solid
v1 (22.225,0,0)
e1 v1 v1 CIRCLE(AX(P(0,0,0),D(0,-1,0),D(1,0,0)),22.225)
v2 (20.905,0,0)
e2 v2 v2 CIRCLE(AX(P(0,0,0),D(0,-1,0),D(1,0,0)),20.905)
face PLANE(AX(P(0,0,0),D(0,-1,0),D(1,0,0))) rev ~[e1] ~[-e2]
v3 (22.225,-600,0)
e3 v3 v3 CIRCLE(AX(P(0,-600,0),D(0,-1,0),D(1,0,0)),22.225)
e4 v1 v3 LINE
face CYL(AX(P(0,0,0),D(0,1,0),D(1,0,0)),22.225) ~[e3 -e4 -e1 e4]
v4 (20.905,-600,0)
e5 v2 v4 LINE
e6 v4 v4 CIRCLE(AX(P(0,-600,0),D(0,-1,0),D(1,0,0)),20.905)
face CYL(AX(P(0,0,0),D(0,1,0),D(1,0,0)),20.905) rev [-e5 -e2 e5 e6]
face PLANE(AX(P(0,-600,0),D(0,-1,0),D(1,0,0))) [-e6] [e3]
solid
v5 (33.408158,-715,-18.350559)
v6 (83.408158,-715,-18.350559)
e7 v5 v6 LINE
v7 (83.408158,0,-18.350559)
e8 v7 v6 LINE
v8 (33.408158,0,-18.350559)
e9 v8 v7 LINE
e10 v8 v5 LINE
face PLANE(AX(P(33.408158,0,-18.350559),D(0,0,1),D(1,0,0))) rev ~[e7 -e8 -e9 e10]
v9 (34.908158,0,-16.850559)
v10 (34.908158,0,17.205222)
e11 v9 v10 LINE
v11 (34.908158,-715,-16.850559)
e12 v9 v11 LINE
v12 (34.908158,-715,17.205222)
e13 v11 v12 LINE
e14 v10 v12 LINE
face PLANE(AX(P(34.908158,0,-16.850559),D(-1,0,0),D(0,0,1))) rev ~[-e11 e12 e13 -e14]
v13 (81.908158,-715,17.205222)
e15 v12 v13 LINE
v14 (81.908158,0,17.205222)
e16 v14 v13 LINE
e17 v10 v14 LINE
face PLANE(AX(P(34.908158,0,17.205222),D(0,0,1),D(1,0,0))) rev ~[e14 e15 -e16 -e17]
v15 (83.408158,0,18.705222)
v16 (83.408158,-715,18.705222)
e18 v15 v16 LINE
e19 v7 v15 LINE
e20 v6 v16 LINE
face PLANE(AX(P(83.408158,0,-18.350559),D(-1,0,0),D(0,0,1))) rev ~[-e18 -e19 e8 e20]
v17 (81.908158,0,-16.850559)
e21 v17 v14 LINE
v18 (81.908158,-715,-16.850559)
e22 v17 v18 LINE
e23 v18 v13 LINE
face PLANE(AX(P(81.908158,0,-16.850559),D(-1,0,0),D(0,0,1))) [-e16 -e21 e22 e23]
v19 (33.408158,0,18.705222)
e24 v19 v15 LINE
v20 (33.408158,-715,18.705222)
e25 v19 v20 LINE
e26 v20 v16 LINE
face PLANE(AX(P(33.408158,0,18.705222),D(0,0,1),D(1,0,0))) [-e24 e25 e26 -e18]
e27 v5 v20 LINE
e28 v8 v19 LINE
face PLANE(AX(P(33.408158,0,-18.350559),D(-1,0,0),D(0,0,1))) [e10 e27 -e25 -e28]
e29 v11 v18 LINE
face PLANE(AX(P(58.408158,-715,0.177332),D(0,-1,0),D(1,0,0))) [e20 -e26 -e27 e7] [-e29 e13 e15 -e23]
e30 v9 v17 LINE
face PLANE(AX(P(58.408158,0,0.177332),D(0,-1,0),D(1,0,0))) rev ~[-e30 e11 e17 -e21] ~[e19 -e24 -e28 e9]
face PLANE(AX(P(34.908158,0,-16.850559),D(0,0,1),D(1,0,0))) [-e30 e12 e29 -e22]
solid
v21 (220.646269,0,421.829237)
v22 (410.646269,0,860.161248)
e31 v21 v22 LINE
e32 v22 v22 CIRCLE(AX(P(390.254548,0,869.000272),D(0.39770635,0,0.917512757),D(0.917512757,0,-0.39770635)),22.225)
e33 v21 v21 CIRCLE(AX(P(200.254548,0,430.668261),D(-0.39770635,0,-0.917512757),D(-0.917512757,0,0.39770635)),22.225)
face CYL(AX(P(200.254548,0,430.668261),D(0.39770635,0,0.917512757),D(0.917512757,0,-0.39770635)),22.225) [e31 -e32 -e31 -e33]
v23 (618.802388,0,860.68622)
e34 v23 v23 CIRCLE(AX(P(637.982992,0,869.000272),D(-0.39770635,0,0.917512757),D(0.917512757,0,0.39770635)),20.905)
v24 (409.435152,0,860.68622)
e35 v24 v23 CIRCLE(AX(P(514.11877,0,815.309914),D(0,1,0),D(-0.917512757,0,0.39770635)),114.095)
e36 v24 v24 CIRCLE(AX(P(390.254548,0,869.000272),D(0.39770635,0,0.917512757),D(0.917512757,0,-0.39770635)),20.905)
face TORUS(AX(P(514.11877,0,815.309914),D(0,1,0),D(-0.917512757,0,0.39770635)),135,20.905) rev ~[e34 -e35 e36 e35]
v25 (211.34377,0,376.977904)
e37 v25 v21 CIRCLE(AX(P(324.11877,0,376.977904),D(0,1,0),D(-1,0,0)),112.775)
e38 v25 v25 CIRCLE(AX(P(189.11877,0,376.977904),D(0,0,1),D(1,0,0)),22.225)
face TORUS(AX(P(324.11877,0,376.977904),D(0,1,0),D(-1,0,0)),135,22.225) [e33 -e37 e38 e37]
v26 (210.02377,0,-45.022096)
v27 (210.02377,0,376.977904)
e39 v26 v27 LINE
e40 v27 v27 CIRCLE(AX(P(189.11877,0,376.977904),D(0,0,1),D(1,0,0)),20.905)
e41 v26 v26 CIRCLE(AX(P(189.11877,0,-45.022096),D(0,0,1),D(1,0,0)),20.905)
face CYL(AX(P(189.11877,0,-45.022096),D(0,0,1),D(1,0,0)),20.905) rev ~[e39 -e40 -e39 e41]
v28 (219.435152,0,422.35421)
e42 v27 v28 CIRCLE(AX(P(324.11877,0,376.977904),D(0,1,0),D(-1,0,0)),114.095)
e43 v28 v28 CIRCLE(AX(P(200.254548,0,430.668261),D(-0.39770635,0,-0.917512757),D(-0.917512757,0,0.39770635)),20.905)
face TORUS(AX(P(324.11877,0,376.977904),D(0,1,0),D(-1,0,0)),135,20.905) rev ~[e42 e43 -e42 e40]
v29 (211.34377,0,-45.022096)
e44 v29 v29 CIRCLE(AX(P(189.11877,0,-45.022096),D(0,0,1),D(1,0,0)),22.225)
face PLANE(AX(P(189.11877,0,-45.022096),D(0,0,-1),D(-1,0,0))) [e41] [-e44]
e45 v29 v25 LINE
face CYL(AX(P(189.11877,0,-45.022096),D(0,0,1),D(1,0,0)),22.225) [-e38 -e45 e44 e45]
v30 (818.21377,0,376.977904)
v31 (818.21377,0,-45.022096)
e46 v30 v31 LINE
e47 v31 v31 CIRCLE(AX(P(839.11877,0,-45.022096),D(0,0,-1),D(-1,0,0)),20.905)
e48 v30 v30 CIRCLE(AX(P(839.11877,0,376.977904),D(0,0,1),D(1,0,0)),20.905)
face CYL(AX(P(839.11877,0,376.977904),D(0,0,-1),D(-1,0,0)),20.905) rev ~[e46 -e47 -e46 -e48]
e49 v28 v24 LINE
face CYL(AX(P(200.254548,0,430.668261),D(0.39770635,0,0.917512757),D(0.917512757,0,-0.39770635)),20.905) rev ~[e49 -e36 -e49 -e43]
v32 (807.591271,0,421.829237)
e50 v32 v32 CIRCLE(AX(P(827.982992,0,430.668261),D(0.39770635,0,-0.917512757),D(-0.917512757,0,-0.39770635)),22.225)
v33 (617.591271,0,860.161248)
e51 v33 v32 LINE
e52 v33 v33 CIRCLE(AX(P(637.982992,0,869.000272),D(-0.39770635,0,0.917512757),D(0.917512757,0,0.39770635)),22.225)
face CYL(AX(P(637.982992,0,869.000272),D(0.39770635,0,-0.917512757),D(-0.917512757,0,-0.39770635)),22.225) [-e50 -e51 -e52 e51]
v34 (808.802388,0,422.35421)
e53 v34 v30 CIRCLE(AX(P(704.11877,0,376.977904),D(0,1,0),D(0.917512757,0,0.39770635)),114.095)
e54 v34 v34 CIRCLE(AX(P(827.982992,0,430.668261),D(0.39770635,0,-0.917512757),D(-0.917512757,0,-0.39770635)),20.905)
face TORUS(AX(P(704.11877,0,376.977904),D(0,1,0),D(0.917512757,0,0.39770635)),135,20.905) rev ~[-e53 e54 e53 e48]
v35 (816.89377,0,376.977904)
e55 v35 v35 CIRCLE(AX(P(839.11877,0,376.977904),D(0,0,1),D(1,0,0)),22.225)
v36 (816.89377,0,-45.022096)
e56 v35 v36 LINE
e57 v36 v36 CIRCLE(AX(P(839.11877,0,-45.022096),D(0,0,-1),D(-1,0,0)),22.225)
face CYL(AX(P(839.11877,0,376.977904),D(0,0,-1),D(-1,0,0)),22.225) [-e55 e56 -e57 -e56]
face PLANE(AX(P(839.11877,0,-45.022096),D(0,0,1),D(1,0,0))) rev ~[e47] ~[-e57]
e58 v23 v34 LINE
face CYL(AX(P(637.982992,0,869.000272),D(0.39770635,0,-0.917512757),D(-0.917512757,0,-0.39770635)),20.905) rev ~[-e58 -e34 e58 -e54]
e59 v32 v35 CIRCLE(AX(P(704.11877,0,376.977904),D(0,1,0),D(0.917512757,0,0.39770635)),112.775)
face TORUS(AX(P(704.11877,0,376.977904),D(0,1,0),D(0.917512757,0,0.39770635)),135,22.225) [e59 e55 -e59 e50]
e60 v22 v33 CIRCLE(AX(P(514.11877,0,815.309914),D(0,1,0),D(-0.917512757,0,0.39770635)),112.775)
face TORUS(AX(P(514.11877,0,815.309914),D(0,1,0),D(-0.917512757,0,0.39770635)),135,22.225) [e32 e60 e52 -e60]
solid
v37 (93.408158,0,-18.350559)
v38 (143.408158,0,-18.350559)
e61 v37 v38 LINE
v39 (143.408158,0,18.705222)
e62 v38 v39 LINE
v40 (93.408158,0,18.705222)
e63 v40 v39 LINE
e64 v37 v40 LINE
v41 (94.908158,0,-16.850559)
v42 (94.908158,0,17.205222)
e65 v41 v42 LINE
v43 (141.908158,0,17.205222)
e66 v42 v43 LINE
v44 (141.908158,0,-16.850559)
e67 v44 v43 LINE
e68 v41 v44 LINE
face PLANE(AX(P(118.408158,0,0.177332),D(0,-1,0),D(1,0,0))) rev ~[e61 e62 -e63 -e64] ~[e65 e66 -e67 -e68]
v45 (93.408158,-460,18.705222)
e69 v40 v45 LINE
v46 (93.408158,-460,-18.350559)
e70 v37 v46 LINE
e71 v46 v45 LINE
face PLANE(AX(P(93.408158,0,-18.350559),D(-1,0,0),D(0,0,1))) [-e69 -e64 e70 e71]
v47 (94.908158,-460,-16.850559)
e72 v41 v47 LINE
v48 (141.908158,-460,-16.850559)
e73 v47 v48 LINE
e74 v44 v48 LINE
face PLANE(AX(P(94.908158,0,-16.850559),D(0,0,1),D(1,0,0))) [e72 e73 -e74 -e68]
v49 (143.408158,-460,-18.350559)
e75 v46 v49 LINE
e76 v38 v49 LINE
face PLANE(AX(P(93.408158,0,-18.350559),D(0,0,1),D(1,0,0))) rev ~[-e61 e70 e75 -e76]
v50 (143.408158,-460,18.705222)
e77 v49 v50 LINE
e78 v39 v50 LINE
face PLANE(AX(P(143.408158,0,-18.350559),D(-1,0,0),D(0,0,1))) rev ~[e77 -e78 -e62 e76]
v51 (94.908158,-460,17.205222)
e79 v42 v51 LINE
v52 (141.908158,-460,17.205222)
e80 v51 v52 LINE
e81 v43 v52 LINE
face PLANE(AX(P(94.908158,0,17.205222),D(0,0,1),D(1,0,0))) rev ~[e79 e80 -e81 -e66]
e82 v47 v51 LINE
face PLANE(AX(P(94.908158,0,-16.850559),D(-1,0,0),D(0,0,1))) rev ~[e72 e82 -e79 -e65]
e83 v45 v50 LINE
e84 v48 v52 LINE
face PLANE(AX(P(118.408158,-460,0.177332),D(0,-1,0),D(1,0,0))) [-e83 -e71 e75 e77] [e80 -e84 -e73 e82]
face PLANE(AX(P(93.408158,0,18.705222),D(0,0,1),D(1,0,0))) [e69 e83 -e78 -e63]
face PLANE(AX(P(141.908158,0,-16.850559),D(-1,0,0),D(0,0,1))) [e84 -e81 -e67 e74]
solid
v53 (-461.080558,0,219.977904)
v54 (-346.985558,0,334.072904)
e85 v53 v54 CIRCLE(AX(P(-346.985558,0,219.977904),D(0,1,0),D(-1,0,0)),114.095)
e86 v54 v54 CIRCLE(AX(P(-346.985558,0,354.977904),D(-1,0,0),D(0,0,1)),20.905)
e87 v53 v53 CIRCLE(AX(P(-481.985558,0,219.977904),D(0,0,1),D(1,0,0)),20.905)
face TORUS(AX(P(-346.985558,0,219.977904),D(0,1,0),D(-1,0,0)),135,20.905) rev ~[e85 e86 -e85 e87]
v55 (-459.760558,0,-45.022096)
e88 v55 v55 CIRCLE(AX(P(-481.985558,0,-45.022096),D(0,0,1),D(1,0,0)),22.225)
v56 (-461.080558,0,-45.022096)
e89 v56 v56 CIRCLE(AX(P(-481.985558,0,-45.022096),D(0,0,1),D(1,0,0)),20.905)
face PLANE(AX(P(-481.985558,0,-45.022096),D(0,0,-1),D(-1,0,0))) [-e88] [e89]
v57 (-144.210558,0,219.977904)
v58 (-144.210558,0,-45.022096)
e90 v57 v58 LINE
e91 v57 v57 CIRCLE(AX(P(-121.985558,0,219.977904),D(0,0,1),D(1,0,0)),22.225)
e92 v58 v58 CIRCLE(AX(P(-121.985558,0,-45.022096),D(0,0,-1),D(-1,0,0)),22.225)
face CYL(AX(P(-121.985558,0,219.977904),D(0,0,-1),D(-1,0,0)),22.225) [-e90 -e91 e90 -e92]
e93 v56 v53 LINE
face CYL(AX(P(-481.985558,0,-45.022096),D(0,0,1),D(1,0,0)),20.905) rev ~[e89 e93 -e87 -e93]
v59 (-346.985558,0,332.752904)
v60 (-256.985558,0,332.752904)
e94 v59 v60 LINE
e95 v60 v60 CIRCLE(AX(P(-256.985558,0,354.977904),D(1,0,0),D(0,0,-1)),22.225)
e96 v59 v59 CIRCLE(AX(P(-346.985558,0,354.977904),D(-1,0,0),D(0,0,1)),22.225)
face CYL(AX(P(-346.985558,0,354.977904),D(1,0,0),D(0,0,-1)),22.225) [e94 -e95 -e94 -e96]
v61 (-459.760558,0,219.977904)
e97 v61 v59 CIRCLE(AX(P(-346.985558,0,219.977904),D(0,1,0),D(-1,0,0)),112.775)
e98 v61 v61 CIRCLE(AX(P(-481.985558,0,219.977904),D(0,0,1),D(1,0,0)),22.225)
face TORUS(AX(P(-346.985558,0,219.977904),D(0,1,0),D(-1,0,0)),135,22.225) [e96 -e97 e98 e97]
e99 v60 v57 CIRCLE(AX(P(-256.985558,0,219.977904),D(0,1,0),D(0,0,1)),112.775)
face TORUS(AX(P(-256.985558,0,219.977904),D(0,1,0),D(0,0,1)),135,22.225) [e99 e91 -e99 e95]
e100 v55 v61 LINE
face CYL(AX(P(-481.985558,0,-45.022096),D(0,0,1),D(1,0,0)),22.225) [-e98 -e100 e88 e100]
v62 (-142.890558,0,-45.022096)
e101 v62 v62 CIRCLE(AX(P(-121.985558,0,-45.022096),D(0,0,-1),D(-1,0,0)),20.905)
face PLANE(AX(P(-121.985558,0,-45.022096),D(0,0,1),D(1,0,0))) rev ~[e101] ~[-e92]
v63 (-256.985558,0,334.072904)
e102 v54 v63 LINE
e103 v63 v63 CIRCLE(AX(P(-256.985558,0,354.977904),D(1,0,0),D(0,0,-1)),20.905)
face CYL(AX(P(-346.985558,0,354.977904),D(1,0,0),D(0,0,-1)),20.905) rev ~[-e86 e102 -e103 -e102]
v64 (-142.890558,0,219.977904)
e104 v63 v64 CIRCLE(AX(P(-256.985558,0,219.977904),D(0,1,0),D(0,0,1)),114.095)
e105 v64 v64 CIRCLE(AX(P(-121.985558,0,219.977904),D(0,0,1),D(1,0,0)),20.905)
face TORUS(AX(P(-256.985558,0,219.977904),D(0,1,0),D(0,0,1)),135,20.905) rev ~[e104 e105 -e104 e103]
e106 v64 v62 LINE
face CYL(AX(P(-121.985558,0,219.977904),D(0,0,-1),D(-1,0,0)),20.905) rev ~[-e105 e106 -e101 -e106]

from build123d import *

# Parameters (mm, degrees)
F0_R     = 22.225
F0_R_2   = 20.905
F1_DEPTH = 600
F0_W     = 50
F0_H     = 37.0557815768
F0_W_2   = 47
F0_H_2   = 34.0557815768
F2_DEPTH = 715
F3_DEPTH = 460
F5_R     = 22.225
F5_R_2   = 20.905


with BuildPart() as f1:
    # F0 (on Front) → F1 (new body)
    with BuildSketch(Plane.XZ):
        Circle(F0_R)
        Circle(F0_R_2, mode=Mode.SUBTRACT)
    extrude(amount=F1_DEPTH)


with BuildPart() as f2:
    # F0 (on Front) → F2 (new body)
    with BuildSketch(Plane.XZ):
        with Locations((58.4081575274, 0.1773315016)):
            Rectangle(F0_W, F0_H)
        with Locations((58.4081575274, 0.1773315016)):
            Rectangle(F0_W_2, F0_H_2, mode=Mode.SUBTRACT)
    extrude(amount=F2_DEPTH)


with BuildPart() as f3:
    # F0 (on Front) → F3 (new body)
    with BuildSketch(Plane.XZ):
        with Locations((118.4081575274, 0.1773315016)):
            Rectangle(F0_W, F0_H)
        with Locations((118.4081575274, 0.1773315016)):
            Rectangle(F0_W_2, F0_H_2, mode=Mode.SUBTRACT)
    extrude(amount=F3_DEPTH)


with BuildPart() as f6:
    # F6: sweep along a path in F0
    with BuildLine(Plane.XZ) as f6_path:
        Line((189.1187697333, -45.0220961021), (189.1187697333, 376.9779038979))
        ThreePointArc((189.1187697333, 376.9779038979), (191.9320268307, 404.394413537), (200.2545475228, 430.6682610971))
        Line((200.2545475228, 430.6682610971), (390.2545475228, 869.0002716791))
        ThreePointArc((390.2545475228, 869.0002716791), (514.1187697333, 950.3099144799), (637.9829919439, 869.0002716791))
        Line((637.9829919439, 869.0002716791), (827.9829919439, 430.6682610971))
        ThreePointArc((827.9829919439, 430.6682610971), (836.305512636, 404.394413537), (839.1187697333, 376.9779038979))
        Line((839.1187697333, 376.9779038979), (839.1187697333, -45.0220961021))
    # F5 (on plane+point) → F6 (sweep)
    with BuildSketch(Plane(origin=(0, 0, -45.0220961021), x_dir=(1, 0, 0), z_dir=(0, 0, -1))):
        with Locations((189.1187697333, 0)):
            Circle(F5_R)
        with Locations((189.1187697333, 0)):
            Circle(F5_R_2, mode=Mode.SUBTRACT)
    sweep(path=f6_path.line)


with BuildPart() as f7:
    # F7: sweep along a path in F0
    with BuildLine(Plane.XZ) as f7_path:
        Line((-481.9855577069, -45.0220961021), (-481.9855577069, 219.9779038979))
        ThreePointArc((-481.9855577069, 219.9779038979), (-442.4449731671, 315.4373193581), (-346.9855577069, 354.9779038979))
        Line((-346.9855577069, 354.9779038979), (-256.9855577069, 354.9779038979))
        ThreePointArc((-256.9855577069, 354.9779038979), (-161.5261422467, 315.4373193581), (-121.9855577069, 219.9779038979))
        Line((-121.9855577069, 219.9779038979), (-121.9855577069, -45.0220961021))
    # F5 (on plane+point) → F7 (sweep)
    with BuildSketch(Plane(origin=(0, 0, -45.0220961021), x_dir=(1, 0, 0), z_dir=(0, 0, -1))):
        with Locations((-481.9855577069, 0)):
            Circle(F5_R)
        with Locations((-481.9855577069, 0)):
            Circle(F5_R_2, mode=Mode.SUBTRACT)
    sweep(path=f7_path.line)


solid = Compound([f1.part, f2.part, f3.part, f6.part, f7.part])
